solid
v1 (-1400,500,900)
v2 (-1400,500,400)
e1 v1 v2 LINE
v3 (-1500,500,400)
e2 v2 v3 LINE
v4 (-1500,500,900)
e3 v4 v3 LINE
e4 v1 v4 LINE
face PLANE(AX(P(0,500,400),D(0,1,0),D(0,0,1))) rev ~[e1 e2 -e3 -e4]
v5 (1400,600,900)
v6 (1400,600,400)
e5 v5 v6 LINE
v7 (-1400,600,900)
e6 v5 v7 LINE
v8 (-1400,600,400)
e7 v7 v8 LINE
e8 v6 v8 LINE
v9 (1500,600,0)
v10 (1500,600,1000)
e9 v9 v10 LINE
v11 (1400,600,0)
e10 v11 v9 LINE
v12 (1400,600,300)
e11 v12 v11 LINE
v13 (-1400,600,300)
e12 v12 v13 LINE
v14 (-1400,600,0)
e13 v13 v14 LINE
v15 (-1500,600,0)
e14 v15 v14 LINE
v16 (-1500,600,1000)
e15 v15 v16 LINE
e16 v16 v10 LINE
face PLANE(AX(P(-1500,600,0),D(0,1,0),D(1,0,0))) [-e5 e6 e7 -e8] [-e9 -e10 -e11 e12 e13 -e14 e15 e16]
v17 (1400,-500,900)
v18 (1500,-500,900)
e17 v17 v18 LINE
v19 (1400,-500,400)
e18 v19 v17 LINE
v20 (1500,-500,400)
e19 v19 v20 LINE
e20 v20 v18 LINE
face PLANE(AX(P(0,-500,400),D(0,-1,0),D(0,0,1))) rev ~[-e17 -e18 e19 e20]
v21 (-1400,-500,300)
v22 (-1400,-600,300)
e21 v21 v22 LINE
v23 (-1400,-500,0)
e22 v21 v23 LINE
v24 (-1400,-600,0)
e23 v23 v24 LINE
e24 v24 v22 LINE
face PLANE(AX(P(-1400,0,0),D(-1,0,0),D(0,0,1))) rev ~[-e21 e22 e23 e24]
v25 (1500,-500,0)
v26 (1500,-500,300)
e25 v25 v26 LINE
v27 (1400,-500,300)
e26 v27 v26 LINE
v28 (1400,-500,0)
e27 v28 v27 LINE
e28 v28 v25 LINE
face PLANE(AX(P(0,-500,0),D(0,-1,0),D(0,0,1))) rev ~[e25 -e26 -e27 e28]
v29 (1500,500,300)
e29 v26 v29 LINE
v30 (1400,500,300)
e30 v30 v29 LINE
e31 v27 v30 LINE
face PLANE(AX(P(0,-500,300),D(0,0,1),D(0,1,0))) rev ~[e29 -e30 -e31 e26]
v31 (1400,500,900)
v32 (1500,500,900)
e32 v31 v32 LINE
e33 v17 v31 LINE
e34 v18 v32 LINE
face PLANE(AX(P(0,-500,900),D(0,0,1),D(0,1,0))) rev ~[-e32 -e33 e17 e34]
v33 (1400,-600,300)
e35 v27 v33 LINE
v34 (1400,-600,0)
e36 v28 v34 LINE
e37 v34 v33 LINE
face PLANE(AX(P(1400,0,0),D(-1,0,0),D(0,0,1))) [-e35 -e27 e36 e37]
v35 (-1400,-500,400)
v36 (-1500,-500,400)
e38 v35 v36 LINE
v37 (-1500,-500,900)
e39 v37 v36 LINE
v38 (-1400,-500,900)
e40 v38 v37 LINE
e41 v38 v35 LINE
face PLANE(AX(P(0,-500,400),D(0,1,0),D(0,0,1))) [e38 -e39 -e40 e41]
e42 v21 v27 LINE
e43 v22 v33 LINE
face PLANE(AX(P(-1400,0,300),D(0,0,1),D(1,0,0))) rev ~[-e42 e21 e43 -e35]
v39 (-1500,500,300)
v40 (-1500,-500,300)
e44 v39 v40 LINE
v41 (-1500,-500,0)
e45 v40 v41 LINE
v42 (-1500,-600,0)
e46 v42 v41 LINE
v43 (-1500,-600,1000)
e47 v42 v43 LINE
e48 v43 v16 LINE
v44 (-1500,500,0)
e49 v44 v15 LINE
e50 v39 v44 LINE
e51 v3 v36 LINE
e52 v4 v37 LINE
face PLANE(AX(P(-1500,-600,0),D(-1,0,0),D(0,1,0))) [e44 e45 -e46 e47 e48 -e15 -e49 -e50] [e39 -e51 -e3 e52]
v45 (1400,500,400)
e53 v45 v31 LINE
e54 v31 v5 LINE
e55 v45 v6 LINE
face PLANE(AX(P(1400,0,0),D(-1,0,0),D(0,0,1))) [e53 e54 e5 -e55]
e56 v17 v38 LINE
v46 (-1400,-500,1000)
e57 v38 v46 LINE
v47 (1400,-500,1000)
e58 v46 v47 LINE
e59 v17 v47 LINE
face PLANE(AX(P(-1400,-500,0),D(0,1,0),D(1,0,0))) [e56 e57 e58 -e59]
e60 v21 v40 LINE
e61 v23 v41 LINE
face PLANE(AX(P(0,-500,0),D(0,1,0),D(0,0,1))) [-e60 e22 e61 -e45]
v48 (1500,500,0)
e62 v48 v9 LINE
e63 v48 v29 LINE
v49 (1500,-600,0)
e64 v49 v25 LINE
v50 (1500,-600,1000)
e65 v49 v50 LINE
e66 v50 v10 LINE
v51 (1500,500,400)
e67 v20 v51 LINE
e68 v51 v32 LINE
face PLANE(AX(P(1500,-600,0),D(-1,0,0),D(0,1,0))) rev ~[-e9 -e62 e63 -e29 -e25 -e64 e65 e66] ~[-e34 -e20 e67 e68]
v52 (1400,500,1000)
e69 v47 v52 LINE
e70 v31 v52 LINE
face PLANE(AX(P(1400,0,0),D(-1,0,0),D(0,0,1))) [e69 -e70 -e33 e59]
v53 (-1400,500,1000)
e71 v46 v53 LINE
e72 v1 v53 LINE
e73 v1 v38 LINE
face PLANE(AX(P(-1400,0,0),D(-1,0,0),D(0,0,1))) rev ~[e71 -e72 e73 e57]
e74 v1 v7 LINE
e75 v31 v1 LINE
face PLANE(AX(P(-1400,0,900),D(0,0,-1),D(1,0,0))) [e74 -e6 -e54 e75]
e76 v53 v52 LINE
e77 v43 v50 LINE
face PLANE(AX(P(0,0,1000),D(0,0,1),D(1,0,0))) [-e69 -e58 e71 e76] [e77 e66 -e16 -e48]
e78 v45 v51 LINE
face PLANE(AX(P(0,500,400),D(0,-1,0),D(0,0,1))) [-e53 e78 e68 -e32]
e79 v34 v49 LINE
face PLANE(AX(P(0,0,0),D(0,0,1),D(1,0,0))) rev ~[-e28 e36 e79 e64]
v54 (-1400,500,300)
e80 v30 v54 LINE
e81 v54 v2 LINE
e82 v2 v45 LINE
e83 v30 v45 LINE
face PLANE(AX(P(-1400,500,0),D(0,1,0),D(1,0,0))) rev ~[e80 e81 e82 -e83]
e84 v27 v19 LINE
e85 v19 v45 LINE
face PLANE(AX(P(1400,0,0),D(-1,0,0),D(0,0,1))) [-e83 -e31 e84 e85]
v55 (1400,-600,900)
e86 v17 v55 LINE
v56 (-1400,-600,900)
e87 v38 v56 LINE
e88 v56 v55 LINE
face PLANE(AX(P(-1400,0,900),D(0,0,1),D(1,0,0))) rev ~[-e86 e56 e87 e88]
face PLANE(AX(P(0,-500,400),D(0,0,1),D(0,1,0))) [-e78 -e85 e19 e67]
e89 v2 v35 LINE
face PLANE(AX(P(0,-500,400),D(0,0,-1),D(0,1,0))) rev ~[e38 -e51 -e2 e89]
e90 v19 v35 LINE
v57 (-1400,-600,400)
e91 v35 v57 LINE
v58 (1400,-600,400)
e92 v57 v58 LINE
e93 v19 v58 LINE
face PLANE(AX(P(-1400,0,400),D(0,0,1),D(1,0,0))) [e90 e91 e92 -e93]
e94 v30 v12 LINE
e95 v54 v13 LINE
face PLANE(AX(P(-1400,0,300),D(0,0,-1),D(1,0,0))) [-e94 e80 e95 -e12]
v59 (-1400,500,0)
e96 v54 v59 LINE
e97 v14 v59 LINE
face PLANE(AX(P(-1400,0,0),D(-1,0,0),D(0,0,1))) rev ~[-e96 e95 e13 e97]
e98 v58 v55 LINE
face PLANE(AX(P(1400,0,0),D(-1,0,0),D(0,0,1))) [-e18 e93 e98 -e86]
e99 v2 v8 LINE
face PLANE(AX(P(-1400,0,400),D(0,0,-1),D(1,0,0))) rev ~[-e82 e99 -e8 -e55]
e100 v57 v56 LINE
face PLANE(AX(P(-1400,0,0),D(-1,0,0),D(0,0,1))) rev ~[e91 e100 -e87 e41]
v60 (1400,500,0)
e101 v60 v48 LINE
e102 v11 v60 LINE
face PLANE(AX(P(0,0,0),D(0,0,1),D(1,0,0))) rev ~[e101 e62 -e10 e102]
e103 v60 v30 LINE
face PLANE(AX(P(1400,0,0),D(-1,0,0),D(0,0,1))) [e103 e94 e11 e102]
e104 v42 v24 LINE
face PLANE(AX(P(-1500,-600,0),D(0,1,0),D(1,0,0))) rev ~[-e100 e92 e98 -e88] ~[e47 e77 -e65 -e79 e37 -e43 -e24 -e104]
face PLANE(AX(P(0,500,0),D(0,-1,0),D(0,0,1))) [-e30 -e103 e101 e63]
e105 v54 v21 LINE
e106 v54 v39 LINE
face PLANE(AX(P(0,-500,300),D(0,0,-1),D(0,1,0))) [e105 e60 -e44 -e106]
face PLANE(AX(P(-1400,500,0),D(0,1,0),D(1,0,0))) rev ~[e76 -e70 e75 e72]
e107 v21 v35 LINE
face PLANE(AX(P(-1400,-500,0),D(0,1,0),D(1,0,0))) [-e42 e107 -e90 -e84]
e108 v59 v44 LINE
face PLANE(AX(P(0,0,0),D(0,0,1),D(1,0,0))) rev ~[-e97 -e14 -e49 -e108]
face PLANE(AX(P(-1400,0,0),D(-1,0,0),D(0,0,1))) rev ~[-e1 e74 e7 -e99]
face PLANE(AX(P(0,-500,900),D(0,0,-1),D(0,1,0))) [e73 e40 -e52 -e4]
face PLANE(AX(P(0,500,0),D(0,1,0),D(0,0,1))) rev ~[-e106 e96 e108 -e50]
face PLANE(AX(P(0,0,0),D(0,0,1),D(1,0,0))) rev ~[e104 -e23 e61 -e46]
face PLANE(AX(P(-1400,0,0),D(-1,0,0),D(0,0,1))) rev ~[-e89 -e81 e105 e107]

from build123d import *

# Parameters (mm, degrees)
F0_W          = 3000
F0_H          = 1200
F0_W_2        = 2800
F0_H_2        = 1000
F1_DEPTH      = 1000
F2_W          = 2800
F2_H          = 500
F2_H_2        = 300
F3_DEPTH      = 600.001
F3_DEPTH_BACK = 600.001
F4_W          = 1000
F4_H          = 500
F4_H_2        = 300
F5_DEPTH      = 1500.001
F5_DEPTH_BACK = 1500.001


with BuildPart() as f1:
    # F0 (on Top) → F1 (new body)
    with BuildSketch(Plane.XY):
        Rectangle(F0_W, F0_H)
        Rectangle(F0_W_2, F0_H_2, mode=Mode.SUBTRACT)
    extrude(amount=F1_DEPTH)

    # F2 (on Front) → F3 (cut, two sides)
    with BuildSketch(Plane.XZ) as f3_sk:
        with Locations((0, 650)):
            Rectangle(F2_W, F2_H)
        with Locations((0, 150)):
            Rectangle(F2_W, F2_H_2)
    extrude(amount=-F3_DEPTH, mode=Mode.SUBTRACT)
    extrude(f3_sk.sketch, amount=F3_DEPTH_BACK, mode=Mode.SUBTRACT)

    # F4 (on Right) → F5 (cut, two sides)
    with BuildSketch(Plane.YZ) as f5_sk:
        with Locations((0, 650)):
            Rectangle(F4_W, F4_H)
        with Locations((0, 150)):
            Rectangle(F4_W, F4_H_2)
    extrude(amount=-F5_DEPTH, mode=Mode.SUBTRACT)
    extrude(f5_sk.sketch, amount=F5_DEPTH_BACK, mode=Mode.SUBTRACT)


solid = f1.part
